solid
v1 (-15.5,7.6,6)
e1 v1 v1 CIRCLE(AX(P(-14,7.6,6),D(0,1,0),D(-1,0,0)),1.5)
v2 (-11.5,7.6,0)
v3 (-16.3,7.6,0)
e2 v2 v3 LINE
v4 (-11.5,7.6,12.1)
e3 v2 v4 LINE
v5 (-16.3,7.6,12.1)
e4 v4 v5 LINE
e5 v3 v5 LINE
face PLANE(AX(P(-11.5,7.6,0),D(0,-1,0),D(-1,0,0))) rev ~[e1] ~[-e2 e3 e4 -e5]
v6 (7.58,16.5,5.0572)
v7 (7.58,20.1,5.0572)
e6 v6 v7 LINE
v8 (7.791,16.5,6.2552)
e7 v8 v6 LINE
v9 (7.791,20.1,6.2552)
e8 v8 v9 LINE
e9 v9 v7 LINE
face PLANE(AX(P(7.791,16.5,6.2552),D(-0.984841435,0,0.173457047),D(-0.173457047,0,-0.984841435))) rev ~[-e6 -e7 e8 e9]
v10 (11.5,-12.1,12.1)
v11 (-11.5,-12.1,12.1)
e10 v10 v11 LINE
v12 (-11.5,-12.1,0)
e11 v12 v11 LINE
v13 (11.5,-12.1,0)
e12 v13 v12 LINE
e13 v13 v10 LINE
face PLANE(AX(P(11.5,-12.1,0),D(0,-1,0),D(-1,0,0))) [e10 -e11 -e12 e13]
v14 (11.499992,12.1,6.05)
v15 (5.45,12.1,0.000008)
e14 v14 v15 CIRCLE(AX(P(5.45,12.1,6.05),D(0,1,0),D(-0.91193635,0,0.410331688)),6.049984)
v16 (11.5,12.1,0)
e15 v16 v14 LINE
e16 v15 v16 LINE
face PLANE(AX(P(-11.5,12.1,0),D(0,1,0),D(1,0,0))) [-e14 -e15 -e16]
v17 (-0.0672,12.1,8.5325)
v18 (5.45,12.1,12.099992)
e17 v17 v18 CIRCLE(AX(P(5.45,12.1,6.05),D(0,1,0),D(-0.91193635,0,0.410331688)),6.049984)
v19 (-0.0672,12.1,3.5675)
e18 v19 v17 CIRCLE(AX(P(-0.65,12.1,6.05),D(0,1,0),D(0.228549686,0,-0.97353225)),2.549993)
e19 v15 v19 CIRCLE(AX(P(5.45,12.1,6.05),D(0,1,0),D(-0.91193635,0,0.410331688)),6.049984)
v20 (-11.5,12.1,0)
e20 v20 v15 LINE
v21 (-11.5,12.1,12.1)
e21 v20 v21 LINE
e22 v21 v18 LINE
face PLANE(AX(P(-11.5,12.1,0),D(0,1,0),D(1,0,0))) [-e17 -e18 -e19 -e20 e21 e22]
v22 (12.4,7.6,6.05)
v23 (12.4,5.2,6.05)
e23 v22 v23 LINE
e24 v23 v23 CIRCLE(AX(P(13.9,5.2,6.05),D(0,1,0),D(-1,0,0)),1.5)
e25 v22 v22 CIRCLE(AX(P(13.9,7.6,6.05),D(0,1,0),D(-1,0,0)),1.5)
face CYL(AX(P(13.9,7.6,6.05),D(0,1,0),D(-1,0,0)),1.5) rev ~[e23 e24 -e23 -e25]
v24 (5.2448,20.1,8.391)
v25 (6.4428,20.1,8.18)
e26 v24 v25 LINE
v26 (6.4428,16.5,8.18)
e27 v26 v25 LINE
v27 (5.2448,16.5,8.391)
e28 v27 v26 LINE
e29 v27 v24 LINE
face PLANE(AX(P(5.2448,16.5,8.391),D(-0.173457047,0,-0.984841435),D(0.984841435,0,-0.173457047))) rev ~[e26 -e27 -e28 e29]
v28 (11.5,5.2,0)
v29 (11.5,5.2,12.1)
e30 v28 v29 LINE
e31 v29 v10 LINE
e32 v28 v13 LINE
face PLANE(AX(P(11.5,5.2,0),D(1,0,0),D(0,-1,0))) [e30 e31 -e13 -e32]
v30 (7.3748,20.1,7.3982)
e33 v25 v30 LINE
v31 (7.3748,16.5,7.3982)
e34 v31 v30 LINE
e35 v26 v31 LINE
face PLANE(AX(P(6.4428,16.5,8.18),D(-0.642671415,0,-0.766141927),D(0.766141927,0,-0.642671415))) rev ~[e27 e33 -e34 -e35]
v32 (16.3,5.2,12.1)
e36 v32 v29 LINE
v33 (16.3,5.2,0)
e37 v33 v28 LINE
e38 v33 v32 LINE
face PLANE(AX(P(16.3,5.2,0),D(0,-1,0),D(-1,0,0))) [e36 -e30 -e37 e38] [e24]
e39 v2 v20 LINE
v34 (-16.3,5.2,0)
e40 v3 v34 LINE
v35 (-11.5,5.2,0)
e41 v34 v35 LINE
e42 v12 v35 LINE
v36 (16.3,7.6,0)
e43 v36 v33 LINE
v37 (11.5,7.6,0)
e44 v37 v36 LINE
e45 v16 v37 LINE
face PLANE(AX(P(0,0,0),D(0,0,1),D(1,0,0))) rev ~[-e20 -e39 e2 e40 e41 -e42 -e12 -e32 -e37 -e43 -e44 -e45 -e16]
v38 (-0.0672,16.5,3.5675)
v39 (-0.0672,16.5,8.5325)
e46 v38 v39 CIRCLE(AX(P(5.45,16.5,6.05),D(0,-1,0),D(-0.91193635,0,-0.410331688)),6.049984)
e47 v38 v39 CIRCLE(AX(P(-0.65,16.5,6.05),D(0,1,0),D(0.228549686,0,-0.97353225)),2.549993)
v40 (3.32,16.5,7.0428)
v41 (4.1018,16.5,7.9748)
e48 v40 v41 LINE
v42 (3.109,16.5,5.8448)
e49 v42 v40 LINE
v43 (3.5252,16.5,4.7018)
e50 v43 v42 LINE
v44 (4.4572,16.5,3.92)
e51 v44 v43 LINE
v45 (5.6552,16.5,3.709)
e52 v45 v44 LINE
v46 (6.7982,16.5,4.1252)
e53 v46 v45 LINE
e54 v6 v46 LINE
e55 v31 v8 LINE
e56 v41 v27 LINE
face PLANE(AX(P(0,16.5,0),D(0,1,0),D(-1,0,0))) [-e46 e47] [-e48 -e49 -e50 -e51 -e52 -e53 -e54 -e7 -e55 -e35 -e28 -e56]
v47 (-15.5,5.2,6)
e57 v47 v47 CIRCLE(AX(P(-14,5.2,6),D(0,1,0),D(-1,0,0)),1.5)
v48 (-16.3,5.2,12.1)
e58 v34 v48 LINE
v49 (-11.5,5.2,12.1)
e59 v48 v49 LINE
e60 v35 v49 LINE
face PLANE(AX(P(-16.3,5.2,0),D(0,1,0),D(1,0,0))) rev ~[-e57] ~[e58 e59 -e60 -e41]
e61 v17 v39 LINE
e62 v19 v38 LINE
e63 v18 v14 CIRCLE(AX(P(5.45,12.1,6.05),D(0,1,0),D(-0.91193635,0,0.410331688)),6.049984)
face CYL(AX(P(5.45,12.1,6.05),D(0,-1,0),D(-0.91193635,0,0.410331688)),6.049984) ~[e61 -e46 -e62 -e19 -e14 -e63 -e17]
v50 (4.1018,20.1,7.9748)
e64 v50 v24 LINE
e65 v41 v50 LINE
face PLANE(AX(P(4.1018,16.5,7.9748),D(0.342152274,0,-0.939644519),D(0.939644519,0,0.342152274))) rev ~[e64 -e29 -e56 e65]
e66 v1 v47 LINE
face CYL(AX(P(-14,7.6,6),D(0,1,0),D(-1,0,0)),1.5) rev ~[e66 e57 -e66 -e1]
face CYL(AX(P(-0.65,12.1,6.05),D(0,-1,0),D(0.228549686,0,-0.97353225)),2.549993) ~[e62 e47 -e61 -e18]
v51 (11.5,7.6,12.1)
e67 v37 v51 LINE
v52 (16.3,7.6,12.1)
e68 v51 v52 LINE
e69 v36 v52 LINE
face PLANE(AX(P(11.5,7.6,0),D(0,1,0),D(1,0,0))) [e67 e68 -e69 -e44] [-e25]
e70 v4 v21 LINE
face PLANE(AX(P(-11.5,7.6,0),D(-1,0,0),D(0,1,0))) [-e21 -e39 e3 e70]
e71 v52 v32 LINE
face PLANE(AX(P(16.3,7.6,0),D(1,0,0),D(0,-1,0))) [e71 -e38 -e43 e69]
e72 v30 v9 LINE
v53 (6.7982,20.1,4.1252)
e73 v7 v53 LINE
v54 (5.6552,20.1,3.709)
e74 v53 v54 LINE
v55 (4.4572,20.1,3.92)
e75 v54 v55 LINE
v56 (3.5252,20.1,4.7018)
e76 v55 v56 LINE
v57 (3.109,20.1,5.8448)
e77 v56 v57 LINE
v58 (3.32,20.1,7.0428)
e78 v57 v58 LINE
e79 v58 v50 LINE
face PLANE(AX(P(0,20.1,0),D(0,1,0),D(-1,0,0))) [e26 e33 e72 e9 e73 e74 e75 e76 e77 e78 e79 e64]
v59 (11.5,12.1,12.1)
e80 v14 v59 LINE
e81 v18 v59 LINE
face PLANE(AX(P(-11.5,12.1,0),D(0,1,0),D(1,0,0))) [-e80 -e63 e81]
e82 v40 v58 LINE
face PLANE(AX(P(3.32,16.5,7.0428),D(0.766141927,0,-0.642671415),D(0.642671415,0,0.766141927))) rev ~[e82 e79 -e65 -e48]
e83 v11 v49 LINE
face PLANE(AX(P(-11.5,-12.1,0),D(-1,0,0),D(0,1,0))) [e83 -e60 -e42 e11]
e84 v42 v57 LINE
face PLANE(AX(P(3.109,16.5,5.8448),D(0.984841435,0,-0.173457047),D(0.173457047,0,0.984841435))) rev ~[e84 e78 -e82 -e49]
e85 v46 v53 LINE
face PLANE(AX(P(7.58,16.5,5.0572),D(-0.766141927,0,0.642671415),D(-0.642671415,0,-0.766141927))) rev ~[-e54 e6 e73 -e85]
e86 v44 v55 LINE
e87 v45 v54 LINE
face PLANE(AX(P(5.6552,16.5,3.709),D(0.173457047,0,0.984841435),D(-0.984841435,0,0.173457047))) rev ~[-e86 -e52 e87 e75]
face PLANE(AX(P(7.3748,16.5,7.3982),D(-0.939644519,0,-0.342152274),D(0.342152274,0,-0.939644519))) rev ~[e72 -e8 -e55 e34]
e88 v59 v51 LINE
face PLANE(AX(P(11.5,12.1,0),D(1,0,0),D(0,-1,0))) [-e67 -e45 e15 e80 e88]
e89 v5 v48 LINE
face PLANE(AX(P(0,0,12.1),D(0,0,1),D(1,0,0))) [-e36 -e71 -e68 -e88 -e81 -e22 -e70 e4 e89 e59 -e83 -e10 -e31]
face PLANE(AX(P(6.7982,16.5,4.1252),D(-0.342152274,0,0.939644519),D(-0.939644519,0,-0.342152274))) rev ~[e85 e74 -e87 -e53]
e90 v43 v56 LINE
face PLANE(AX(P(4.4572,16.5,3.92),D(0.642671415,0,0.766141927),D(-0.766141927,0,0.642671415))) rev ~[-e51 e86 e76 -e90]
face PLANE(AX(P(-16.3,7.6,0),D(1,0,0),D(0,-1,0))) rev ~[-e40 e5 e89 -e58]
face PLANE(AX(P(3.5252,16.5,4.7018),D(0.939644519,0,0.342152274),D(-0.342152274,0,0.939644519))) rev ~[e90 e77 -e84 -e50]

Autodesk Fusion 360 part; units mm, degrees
sketch "Sketch1" plane through (0, 0, 0) normal (0, 0, 1) x (1, 0, 0)
  line L0 (11.5, -12.1) -> (-11.5, -12.1)
  line L1 (-11.5, 12.1) -> (11.5, 12.1)
  line L2 (11.5, -12.1) -> (-11.5, 12.1) construction
  line L3 (-11.5, -12.1) -> (11.5, 12.1) construction
  line L4 (11.5, 7.6) -> (16.3, 7.6)
  line L5 (16.3, 7.6) -> (16.3, 5.2)
  line L6 (16.3, 5.2) -> (11.5, 5.2)
  line L7 (-16.3, 5.2) -> (-11.5, 5.2)
  line L8 (-16.3, 7.6) -> (-16.3, 5.2)
  line L9 (-11.5, 7.6) -> (-16.3, 7.6)
  line L10 (11.5, 12.1) -> (11.5, 7.6)
  line L11 (11.5, 5.2) -> (11.5, -12.1)
  line L12 (-11.5, -12.1) -> (-11.5, 5.2)
  line L13 (-11.5, 7.6) -> (-11.5, 12.1)
  dimension "d1" = 23
  dimension "d2" = 24.2
  dimension "d3" = 4.5
  dimension "d4" = 4.8
  dimension "d5" = 2.4
extrude "Extrude1" add sketch "Sketch1" along normal blind 12.1
sketch "Sketch2" plane through (0, 7.6, 0) normal (0, 1, 0) x (-1, 0, 0)
  line L0 (-16.3, 0) -> (-11.5, 0)
  line L1 (-11.5, 0) -> (-11.5, 12.1)
  line L2 (-11.5, 12.1) -> (-16.3, 12.1)
  line L3 (-16.3, 12.1) -> (-16.3, 0)
  circle A0 centre (14, 6) radius 1.5
  circle A1 centre (-13.9, 6.05) radius 1.5
  dimension "d8" = 3
  dimension "d9" = 3
extrude "Extrude2" cut sketch "Sketch2" against normal blind 5 contours A0 | A1
sketch "Sketch3" plane through (0, 12.1, 0) normal (0, 1, 0) x (-1, 0, 0)
  line L0 (-11.5, 0) -> (11.5, 0)
  line L1 (11.5, 0) -> (11.5, 12.1)
  line L2 (11.5, 12.1) -> (-11.5, 12.1)
  line L3 (-11.5, 12.1) -> (-11.5, 0)
  line L4 (0.6, 6.05) -> (0.65, 6.05)
  arc A0 (0.0672, 3.5675) -> (0.0672, 8.5325) centre (0.65, 6.05) ccw
  arc A1 (0.0672, 8.5325) -> (0.0672, 3.5675) centre (-5.45, 6.05) ccw
  dimension "d12" = 6.1
  dimension "d13" = 5.1
extrude "Extrude3" add sketch "Sketch3" along normal blind 4.4 contours A0 A1
sketch "Sketch4" plane through (0, 16.5, 0) normal (0, 1, 0) x (-1, 0, 0)
  arc A0 (0.0672, 8.5325) -> (0.0672, 3.5675) centre (-5.45, 6.05) ccw
  arc A1 (0.0672, 3.5675) -> (0.0672, 8.5325) centre (0.65, 6.05) ccw
  circle A2 centre (-5.45, 6.05) radius 2.35
  line L0 (-4.4572, 3.92) -> (-3.5252, 4.7018)
  line L1 (-3.5252, 4.7018) -> (-3.109, 5.8448)
  line L2 (-3.109, 5.8448) -> (-3.32, 7.0428)
  line L3 (-3.32, 7.0428) -> (-4.1018, 7.9748)
  line L4 (-4.1018, 7.9748) -> (-5.2448, 8.391)
  line L5 (-5.2448, 8.391) -> (-6.4428, 8.18)
  line L6 (-6.4428, 8.18) -> (-7.3748, 7.3982)
  line L7 (-7.3748, 7.3982) -> (-7.791, 6.2552)
  line L8 (-7.791, 6.2552) -> (-7.58, 5.0572)
  line L9 (-7.58, 5.0572) -> (-6.7982, 4.1252)
  line L10 (-6.7982, 4.1252) -> (-5.6552, 3.709)
  line L11 (-5.6552, 3.709) -> (-4.4572, 3.92)
  point P0 (-5.45, 6.05)
  dimension "d16" = 4.7
extrude "Extrude4" add sketch "Sketch4" along normal blind 3.6 contours L0 L1 L2 L3 L4 L5 L6 L7 L8 L9 L10 L11
